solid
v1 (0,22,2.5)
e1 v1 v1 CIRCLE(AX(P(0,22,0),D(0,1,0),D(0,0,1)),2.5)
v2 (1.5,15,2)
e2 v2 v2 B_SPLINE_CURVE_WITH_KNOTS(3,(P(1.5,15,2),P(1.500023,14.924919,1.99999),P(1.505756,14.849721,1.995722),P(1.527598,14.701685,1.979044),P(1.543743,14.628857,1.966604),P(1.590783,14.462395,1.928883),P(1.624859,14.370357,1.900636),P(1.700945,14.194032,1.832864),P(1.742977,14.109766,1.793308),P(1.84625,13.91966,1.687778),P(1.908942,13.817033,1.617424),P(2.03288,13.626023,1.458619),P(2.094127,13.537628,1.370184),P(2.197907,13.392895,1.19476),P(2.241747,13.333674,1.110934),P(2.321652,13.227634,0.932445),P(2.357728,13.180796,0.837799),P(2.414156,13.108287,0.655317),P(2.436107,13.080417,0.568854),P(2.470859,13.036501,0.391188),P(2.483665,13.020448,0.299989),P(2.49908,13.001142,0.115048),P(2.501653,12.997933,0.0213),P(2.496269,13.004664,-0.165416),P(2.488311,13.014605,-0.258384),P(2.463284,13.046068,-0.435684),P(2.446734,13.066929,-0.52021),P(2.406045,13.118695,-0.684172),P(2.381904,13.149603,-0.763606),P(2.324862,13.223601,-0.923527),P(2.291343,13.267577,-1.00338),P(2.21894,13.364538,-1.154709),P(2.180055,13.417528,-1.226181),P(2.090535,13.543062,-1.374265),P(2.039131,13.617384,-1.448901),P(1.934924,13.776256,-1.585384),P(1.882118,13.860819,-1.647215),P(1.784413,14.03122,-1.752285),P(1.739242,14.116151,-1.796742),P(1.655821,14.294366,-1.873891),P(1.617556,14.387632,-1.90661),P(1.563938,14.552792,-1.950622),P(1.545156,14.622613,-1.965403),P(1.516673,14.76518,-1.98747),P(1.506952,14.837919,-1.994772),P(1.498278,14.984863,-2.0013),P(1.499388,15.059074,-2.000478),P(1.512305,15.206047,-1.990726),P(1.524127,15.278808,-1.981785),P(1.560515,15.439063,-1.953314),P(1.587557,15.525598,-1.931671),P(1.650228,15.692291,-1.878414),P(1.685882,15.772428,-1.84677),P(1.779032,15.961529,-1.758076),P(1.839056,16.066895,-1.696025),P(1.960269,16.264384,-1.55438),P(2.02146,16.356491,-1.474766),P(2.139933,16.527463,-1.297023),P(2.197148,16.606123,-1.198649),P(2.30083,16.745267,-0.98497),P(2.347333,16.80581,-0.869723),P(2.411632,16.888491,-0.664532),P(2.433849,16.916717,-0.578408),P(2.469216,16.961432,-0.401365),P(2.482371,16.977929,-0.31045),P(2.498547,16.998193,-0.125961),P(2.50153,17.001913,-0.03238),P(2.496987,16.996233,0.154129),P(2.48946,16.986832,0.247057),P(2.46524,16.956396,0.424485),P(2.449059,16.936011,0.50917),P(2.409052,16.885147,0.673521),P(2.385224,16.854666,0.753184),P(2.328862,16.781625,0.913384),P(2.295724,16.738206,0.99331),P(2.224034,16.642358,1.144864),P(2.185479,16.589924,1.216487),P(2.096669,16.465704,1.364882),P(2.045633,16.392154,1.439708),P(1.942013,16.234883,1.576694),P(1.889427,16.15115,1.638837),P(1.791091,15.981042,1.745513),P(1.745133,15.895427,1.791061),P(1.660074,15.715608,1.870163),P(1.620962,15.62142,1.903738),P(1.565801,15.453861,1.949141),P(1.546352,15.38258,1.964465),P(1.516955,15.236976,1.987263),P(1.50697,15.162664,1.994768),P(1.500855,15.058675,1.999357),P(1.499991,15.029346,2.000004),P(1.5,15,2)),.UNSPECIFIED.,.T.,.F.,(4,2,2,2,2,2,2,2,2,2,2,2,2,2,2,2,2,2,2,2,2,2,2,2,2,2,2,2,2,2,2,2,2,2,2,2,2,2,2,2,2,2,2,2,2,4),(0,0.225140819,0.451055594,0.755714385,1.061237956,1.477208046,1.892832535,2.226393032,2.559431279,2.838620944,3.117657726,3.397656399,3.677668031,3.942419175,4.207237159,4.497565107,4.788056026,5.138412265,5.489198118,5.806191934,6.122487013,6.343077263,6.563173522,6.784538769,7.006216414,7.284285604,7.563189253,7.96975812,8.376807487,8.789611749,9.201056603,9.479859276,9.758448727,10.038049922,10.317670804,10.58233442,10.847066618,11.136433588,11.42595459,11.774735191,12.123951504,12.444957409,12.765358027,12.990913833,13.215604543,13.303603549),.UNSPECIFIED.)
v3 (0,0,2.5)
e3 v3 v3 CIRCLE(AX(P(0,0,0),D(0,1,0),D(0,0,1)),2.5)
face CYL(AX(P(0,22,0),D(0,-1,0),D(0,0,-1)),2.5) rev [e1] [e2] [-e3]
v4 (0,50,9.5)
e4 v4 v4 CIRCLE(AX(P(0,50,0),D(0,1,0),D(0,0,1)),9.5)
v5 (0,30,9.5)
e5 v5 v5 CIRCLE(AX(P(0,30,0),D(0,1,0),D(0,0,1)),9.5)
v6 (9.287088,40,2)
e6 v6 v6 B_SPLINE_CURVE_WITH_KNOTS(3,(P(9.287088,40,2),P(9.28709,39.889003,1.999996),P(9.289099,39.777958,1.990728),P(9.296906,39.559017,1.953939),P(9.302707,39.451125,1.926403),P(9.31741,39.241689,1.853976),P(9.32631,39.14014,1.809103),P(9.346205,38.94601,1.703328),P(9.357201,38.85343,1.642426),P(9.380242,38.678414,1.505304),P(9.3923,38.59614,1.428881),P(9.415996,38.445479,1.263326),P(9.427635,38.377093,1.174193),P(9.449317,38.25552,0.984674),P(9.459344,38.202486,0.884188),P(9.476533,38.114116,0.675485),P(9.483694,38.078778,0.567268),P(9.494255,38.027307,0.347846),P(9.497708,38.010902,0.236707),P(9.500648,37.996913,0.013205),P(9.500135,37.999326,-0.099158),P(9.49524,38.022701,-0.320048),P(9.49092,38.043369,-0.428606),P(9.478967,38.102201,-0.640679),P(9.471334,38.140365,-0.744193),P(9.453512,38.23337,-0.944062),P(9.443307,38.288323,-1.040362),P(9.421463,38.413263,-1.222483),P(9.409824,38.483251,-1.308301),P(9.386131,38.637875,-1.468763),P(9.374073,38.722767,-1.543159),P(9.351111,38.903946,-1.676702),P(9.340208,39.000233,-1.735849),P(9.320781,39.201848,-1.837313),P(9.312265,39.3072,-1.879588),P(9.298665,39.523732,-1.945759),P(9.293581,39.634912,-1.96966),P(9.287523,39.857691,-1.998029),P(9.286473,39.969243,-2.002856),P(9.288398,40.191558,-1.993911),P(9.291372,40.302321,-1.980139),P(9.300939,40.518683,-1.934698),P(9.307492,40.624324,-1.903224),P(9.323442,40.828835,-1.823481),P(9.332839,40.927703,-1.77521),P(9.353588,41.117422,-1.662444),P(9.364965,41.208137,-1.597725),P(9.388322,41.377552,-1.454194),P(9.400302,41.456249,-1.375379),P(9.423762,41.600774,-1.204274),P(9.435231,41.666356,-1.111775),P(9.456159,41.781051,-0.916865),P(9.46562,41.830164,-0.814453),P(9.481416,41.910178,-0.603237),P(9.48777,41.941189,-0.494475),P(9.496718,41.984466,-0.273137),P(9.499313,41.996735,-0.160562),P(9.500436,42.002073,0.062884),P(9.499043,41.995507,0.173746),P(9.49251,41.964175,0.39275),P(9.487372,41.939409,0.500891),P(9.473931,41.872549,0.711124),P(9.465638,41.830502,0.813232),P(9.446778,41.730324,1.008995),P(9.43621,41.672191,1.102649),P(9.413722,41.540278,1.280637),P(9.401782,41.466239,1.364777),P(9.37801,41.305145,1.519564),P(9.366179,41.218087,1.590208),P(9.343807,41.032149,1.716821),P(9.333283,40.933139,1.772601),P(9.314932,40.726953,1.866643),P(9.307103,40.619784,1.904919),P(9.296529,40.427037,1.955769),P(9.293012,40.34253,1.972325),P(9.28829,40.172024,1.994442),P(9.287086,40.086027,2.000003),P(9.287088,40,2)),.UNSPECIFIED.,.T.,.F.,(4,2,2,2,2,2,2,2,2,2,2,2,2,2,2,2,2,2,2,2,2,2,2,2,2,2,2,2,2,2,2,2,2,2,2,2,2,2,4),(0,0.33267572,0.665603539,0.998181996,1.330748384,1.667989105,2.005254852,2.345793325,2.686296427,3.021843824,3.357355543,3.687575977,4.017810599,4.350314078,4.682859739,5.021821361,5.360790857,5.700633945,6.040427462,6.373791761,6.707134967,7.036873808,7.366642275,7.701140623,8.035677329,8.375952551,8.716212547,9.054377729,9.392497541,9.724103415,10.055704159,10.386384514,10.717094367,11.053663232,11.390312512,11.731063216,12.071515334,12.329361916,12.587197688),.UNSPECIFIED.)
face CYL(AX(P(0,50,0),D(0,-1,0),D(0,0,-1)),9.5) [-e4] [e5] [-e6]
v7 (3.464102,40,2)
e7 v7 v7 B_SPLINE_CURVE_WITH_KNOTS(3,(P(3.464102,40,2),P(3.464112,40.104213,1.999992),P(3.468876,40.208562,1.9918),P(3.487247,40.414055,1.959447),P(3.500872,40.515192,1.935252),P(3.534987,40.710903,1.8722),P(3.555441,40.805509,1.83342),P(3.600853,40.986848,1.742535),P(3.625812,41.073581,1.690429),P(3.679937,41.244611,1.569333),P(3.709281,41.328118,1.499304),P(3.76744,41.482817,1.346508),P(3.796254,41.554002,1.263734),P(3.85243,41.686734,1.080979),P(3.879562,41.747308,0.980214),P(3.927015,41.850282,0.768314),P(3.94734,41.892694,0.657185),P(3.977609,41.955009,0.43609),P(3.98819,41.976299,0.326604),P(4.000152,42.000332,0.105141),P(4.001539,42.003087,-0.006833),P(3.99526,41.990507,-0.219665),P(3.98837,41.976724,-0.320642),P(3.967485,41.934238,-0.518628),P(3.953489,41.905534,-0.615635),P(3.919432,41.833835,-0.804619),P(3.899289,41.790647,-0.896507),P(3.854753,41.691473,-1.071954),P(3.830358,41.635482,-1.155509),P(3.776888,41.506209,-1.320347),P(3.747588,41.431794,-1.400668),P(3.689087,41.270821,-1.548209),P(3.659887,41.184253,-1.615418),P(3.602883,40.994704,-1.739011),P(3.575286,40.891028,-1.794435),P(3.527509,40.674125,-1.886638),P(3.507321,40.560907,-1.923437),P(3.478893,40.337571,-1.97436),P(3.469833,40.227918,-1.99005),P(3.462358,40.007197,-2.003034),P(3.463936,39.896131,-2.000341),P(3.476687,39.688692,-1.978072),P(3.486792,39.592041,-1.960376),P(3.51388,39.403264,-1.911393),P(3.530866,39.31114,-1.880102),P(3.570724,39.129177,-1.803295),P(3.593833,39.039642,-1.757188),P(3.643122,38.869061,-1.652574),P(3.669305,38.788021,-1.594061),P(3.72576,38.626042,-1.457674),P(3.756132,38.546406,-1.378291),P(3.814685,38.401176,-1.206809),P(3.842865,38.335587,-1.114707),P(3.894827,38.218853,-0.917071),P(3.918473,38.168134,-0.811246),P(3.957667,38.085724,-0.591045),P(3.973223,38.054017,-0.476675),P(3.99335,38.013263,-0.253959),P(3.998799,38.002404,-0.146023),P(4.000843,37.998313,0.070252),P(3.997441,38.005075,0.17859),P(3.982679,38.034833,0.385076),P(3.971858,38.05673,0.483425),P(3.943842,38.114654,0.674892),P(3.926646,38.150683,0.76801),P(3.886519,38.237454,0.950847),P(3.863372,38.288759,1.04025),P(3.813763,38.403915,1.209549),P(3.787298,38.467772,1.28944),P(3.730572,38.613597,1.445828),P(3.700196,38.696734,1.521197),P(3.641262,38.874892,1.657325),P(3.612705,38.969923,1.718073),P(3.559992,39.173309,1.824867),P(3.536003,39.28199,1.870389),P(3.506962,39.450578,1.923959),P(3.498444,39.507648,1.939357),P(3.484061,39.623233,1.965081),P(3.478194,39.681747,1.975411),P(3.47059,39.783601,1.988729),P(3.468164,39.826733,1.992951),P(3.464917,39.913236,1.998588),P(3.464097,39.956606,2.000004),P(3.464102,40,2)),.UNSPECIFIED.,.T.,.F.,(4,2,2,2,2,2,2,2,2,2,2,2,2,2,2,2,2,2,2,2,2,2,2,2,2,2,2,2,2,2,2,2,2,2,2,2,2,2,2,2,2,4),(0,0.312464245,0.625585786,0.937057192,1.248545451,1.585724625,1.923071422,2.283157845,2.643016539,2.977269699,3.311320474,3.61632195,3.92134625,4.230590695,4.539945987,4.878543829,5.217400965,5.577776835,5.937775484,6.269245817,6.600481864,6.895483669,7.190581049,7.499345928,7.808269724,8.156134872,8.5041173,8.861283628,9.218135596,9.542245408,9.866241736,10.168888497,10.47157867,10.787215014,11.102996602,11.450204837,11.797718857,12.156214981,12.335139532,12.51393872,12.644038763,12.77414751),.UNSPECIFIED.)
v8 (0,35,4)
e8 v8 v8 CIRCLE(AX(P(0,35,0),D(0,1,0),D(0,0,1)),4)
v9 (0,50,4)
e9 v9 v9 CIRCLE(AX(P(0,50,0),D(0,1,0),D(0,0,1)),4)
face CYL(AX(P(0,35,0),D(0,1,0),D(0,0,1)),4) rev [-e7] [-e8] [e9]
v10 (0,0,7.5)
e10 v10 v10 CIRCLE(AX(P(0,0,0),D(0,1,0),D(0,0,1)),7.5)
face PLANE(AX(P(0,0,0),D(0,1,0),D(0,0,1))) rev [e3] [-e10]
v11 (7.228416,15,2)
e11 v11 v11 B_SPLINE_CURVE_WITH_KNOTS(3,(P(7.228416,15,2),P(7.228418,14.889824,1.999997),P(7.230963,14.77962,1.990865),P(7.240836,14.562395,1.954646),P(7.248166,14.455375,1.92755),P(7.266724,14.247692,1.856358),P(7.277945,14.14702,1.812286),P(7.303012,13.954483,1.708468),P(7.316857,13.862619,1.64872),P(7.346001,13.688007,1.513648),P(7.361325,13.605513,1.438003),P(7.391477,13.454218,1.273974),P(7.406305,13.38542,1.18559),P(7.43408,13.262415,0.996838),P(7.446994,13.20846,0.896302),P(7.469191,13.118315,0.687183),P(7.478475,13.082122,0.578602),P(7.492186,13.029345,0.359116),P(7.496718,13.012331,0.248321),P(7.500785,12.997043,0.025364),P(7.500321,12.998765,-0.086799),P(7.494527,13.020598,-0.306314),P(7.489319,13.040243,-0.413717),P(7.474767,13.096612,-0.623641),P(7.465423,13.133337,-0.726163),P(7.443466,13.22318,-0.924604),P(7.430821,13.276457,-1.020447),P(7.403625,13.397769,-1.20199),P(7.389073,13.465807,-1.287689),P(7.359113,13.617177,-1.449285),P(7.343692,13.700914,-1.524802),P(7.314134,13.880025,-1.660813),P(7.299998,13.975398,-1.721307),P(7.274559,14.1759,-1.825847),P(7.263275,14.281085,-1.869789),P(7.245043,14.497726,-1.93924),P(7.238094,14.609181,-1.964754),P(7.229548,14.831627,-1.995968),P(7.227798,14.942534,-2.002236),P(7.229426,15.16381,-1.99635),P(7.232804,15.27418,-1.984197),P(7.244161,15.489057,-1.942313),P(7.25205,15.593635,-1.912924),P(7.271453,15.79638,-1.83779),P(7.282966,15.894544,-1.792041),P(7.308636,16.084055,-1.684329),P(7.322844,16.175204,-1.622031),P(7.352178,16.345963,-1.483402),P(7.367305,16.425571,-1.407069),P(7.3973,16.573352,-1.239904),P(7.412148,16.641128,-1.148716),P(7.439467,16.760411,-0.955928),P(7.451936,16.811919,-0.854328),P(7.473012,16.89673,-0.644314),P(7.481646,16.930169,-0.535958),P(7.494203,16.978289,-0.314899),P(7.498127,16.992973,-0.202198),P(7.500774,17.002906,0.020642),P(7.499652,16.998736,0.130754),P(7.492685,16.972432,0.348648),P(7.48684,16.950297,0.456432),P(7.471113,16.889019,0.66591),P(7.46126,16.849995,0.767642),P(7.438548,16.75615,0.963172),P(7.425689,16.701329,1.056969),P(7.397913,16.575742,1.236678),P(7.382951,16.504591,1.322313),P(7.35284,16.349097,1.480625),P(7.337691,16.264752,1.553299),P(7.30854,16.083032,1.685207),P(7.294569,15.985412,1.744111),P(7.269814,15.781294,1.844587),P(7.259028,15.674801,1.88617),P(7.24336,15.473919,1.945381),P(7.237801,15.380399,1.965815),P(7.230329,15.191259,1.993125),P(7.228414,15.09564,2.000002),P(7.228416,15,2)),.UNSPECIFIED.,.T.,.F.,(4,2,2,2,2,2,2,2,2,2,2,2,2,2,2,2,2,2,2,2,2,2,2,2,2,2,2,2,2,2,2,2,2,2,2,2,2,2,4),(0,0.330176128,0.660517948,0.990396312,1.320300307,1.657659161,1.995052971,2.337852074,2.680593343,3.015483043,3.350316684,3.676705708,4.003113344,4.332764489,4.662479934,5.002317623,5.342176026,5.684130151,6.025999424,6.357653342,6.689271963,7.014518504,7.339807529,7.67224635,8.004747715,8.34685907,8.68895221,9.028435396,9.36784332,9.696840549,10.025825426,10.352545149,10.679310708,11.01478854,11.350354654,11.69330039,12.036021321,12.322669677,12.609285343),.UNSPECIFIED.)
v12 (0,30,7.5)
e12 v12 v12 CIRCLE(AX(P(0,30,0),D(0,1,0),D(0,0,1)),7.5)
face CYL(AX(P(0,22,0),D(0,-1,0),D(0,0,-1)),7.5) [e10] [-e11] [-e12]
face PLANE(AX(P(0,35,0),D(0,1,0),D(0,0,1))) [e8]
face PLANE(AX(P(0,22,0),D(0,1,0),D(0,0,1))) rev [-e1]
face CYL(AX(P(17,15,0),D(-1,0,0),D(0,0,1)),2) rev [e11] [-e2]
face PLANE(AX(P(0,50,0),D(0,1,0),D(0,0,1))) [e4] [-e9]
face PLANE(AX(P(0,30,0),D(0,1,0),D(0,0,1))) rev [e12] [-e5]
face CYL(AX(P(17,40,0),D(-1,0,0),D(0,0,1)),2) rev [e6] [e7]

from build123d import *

# Parameters (mm, degrees)
SKETCH1_R           = 7.5
SKETCH1_R_2         = 2.5
BOSS_EXTRUDE1_DEPTH = 22
SKETCH2_R           = 7.5
BOSS_EXTRUDE2_DEPTH = 8
SKETCH3_R           = 9.5
BOSS_EXTRUDE3_DEPTH = 20
SKETCH5_R           = 4
CUT_EXTRUDE1_DEPTH  = 15
SKETCH6_R           = 2
CUT_EXTRUDE2_DEPTH  = 17


with BuildPart() as part:
    # Sketch1 → Boss-Extrude1 (new body)
    with BuildSketch(Plane(origin=(0, 0, 0), x_dir=(1, 0, 0), z_dir=(0, 1, 0))):
        with Locations(Location((0, 0, 0), (0, 0, 270))):
            Circle(SKETCH1_R)
        with Locations(Location((0, 0, 0), (0, 0, 270))):
            Circle(SKETCH1_R_2, mode=Mode.SUBTRACT)
    extrude(amount=BOSS_EXTRUDE1_DEPTH)

    # Sketch2 → Boss-Extrude2 (add)
    with BuildSketch(Plane(origin=(0, 22, 0), x_dir=(1, 0, 0), z_dir=(0, 1, 0))):
        with Locations(Location((0, 0, 0), (0, 0, 270))):
            Circle(SKETCH2_R)
    extrude(amount=BOSS_EXTRUDE2_DEPTH)

    # Sketch3 → Boss-Extrude3 (add)
    with BuildSketch(Plane(origin=(0, 30, 0), x_dir=(1, 0, 0), z_dir=(0, 1, 0))):
        with Locations(Location((0, 0, 0), (0, 0, 270))):
            Circle(SKETCH3_R)
    extrude(amount=BOSS_EXTRUDE3_DEPTH)

    # Sketch5 → Cut-Extrude1 (cut)
    with BuildSketch(Plane(origin=(0, 50, 0), x_dir=(1, 0, 0), z_dir=(0, 1, 0))):
        with Locations(Location((0, 0, 0), (0, 0, 270))):
            Circle(SKETCH5_R)
    extrude(amount=-CUT_EXTRUDE1_DEPTH, mode=Mode.SUBTRACT)

    # Sketch6 → Cut-Extrude2 (cut)
    with BuildSketch(Plane(origin=(0, 0, 0), x_dir=(0, 0, -1), z_dir=(1, 0, 0))):
        with Locations(Location((0, 15, 0), (0, 0, 180))):
            Circle(SKETCH6_R)
        with Locations(Location((0, 40, 0), (0, 0, 180))):
            Circle(SKETCH6_R)
    extrude(amount=CUT_EXTRUDE2_DEPTH, mode=Mode.SUBTRACT)


solid = part.part
